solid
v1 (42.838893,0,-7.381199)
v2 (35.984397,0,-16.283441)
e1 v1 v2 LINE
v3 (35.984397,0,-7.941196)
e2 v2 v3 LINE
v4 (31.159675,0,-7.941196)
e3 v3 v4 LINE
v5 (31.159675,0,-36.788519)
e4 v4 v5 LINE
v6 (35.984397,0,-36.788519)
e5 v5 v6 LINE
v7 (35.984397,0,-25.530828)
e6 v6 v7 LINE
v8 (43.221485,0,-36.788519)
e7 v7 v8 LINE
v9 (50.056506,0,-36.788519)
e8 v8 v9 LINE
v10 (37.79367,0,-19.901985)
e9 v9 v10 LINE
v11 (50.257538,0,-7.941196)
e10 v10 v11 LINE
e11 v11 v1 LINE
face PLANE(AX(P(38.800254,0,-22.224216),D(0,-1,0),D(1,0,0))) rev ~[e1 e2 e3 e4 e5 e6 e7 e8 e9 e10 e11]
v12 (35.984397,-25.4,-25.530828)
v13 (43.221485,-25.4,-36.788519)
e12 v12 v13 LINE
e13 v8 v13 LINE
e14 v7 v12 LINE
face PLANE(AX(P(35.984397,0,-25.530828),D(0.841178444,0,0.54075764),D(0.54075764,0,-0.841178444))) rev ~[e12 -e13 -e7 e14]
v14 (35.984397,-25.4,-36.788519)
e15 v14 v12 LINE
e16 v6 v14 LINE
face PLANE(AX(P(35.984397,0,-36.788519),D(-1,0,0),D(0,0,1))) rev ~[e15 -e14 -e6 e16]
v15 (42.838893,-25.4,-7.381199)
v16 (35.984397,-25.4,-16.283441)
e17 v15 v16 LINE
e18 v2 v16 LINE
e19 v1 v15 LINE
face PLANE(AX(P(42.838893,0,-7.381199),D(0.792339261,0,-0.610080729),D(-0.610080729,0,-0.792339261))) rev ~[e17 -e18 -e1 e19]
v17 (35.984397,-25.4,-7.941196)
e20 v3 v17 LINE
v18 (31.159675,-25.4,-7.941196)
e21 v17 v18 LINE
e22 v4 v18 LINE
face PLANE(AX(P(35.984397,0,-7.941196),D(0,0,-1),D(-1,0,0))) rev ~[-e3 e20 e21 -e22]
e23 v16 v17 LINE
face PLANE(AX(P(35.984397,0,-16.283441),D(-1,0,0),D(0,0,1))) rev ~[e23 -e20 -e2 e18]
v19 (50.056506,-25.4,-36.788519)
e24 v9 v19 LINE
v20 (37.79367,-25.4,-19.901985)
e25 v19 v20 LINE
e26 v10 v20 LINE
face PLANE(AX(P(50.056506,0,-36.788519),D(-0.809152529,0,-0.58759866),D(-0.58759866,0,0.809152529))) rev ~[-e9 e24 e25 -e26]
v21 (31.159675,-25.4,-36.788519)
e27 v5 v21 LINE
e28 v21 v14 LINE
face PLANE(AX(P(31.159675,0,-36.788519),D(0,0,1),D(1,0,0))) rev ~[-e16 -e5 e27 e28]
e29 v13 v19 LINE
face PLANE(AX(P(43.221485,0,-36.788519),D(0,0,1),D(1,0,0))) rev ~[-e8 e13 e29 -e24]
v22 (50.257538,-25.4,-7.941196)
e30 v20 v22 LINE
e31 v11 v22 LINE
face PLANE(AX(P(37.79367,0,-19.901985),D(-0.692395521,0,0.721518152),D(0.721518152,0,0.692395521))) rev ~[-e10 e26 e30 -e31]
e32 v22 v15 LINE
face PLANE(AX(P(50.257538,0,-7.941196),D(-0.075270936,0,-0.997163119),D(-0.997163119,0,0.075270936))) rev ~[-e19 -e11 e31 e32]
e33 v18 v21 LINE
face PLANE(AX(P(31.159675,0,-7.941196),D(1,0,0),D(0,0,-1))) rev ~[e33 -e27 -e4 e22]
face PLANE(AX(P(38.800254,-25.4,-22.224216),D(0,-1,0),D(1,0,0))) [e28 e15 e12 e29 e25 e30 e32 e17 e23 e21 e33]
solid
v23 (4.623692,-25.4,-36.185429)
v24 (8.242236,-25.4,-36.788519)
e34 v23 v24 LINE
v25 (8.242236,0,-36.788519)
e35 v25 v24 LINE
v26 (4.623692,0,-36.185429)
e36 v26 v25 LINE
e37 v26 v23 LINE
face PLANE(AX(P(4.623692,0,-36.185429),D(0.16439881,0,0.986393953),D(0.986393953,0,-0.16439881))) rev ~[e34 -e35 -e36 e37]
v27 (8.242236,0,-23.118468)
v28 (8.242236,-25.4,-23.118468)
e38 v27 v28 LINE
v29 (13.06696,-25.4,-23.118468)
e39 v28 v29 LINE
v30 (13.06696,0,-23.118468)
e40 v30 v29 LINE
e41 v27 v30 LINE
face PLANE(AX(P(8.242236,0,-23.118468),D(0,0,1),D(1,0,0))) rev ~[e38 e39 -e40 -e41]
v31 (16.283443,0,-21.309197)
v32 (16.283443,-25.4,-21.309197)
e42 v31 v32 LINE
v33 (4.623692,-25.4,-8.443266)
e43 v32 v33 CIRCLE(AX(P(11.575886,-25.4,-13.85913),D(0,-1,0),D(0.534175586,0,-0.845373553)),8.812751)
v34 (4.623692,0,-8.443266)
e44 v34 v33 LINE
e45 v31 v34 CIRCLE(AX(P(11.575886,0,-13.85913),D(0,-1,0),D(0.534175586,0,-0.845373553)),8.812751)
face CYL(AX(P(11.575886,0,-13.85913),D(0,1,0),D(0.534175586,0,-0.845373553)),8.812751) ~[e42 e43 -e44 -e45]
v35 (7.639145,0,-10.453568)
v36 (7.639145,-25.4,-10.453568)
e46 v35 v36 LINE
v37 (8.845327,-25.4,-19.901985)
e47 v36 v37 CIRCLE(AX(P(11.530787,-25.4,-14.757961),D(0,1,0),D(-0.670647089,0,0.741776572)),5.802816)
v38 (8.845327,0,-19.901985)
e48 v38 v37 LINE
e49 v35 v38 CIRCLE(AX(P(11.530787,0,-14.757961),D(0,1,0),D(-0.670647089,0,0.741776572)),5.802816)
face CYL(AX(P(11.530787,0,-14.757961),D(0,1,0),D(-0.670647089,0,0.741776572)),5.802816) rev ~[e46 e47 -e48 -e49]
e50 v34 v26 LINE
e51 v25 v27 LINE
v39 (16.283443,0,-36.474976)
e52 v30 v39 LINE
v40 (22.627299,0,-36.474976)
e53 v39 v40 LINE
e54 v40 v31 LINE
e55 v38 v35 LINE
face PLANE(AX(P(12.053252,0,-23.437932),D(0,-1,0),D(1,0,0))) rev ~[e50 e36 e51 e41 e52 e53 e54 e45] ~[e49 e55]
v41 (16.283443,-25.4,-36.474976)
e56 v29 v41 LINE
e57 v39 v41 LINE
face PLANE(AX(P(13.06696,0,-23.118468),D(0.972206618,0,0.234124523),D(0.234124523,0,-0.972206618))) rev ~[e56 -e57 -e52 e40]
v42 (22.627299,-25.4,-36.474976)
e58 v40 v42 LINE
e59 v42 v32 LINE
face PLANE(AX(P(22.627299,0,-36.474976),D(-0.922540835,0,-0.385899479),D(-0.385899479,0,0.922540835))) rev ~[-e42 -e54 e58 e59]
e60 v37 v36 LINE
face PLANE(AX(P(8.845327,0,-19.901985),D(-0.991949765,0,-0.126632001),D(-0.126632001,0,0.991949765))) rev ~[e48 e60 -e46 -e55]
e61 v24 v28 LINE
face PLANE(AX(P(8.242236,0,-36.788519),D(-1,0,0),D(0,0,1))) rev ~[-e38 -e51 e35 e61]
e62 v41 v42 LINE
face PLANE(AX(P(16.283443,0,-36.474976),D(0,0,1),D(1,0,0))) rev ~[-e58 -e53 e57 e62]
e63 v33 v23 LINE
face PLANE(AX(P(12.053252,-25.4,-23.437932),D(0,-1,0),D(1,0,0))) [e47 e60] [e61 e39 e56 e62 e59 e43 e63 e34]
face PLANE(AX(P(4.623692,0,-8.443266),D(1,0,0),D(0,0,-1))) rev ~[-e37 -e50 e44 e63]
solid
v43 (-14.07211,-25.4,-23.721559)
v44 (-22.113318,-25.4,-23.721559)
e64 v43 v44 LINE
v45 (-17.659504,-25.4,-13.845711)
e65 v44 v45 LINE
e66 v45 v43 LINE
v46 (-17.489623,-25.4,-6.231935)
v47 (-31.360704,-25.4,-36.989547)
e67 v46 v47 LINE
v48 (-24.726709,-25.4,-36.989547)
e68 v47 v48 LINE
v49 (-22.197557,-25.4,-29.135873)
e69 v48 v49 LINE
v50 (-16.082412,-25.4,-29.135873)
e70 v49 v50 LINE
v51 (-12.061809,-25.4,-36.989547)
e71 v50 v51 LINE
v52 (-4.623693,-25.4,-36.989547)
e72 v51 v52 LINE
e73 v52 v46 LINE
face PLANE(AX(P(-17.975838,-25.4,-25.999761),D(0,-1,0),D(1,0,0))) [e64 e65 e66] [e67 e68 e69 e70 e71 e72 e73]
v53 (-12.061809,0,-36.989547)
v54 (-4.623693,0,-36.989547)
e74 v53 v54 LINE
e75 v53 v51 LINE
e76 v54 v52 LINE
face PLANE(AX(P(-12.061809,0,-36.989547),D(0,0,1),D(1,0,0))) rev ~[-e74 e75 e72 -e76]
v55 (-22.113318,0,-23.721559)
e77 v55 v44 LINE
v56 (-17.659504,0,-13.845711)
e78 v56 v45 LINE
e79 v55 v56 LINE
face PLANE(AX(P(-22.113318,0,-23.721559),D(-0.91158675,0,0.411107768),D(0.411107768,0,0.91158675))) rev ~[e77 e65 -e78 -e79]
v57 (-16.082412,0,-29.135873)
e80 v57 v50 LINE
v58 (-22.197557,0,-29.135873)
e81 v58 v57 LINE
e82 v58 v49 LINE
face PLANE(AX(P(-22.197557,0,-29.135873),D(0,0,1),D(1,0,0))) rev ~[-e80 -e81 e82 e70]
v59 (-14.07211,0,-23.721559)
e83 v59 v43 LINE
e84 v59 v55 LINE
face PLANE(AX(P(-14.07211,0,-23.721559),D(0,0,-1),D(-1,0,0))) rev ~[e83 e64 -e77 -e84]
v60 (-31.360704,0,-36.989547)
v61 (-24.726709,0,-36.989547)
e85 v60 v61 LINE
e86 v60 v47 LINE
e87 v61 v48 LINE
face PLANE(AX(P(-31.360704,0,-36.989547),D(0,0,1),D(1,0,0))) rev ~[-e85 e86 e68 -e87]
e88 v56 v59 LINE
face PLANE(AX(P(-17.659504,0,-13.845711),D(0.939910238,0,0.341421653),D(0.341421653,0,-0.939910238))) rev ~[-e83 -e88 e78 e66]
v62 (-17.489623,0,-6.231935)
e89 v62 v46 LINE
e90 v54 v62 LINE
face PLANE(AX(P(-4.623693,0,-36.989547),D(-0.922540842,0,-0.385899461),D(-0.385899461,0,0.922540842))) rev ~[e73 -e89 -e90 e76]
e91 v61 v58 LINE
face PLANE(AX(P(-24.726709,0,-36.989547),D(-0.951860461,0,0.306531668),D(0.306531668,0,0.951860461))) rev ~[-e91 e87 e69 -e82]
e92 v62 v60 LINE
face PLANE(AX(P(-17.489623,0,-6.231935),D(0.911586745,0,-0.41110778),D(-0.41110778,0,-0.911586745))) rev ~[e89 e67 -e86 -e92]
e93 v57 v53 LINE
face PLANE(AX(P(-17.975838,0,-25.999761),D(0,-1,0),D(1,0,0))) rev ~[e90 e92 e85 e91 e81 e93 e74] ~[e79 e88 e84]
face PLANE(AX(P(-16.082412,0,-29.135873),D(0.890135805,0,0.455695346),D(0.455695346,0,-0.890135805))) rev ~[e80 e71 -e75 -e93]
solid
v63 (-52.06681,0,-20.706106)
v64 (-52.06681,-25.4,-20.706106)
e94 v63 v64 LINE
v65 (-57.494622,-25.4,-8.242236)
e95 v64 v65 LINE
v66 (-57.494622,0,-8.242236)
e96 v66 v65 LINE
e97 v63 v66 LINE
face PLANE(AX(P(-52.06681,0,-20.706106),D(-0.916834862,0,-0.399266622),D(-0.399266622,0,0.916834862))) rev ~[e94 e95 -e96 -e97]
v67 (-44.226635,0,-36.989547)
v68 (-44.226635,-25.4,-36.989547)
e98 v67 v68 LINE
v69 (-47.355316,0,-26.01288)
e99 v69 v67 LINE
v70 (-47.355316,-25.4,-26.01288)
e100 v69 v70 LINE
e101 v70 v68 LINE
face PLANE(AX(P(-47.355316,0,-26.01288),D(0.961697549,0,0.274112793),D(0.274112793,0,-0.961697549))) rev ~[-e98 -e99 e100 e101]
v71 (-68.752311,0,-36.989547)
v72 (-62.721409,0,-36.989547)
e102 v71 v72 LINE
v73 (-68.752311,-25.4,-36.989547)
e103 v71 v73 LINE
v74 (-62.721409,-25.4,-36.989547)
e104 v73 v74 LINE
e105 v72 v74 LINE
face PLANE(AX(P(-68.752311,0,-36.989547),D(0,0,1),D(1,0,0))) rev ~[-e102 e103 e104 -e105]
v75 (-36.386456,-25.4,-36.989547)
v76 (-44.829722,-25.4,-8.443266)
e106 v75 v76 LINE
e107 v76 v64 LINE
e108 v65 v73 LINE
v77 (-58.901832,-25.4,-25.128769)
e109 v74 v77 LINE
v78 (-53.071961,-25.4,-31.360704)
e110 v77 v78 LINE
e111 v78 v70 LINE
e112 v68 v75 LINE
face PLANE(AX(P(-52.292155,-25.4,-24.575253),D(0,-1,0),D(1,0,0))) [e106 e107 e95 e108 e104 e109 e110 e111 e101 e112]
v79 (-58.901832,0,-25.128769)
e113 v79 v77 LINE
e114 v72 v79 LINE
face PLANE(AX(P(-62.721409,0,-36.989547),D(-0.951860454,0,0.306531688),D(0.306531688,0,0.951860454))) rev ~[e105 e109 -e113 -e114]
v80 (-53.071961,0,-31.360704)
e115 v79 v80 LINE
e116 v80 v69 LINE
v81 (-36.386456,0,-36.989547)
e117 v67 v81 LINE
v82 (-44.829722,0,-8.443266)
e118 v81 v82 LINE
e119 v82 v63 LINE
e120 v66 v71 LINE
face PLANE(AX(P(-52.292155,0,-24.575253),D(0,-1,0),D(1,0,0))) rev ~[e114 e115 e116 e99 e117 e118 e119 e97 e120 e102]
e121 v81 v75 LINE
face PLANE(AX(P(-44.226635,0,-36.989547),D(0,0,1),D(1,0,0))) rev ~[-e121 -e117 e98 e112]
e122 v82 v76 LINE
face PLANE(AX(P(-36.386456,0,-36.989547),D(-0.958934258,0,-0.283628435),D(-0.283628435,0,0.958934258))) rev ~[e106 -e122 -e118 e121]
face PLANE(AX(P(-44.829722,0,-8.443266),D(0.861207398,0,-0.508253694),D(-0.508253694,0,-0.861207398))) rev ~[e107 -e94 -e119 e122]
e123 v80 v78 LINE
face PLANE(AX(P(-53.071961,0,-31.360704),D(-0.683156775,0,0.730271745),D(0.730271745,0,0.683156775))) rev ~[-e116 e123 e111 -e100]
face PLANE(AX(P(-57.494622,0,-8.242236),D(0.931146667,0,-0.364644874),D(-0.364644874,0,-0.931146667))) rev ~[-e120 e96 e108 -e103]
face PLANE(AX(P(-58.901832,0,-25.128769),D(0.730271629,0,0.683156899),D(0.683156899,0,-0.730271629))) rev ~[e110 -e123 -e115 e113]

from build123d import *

# Parameters (mm, degrees)
F1_DEPTH = 25.4


with BuildPart() as f1:
    # F0 (on Front) → F1 (new body)
    with BuildSketch(Plane.XZ):
        Polygon((-57.494622, -8.242236), (-68.752311, -36.989547), (-62.721409, -36.989547), (-58.901832, -25.128769), (-53.071961, -31.360704), (-47.355316, -26.01288), (-44.226635, -36.989547), (-36.386456, -36.989547), (-44.829722, -8.443266), (-52.06681, -20.706106), align=None)
        Polygon((-17.489623, -6.231935), (-31.360704, -36.989547), (-24.726709, -36.989547), (-22.197557, -29.135873), (-16.082412, -29.135873), (-12.061809, -36.989547), (-4.623693, -36.989547), align=None)
        Polygon((-14.07211, -23.721559), (-19.139984, -23.721559), (-22.113318, -23.721559), (-17.659504, -13.845711), align=None, mode=Mode.SUBTRACT)
        with BuildLine():
            ThreePointArc((16.283443, -21.309197), (18.10602, -7.941196), (4.623692, -8.443266))
            Line((4.623692, -8.443266), (4.623692, -36.185429))
            Line((4.623692, -36.185429), (8.242236, -36.788519))
            Line((8.242236, -36.788519), (8.242236, -23.118468))
            Line((8.242236, -23.118468), (13.06696, -23.118468))
            Line((13.06696, -23.118468), (16.283443, -36.474976))
            Line((16.283443, -36.474976), (22.627299, -36.474976))
            Line((22.627299, -36.474976), (16.283443, -21.309197))
        make_face()
        with BuildLine():
            ThreePointArc((7.639145, -10.453568), (17.286889, -14.023139), (8.845327, -19.901985))
            Line((8.845327, -19.901985), (7.639145, -10.453568))
        make_face(mode=Mode.SUBTRACT)
        Polygon((35.984397, -7.941196), (31.159675, -7.941196), (31.159675, -36.788519), (35.984397, -36.788519), (35.984397, -25.530828), (43.221485, -36.788519), (50.056506, -36.788519), (37.79367, -19.901985), (50.257538, -7.941196), (42.838893, -7.381199), (35.984397, -16.283441), align=None)
    extrude(amount=F1_DEPTH)


solid = f1.part
